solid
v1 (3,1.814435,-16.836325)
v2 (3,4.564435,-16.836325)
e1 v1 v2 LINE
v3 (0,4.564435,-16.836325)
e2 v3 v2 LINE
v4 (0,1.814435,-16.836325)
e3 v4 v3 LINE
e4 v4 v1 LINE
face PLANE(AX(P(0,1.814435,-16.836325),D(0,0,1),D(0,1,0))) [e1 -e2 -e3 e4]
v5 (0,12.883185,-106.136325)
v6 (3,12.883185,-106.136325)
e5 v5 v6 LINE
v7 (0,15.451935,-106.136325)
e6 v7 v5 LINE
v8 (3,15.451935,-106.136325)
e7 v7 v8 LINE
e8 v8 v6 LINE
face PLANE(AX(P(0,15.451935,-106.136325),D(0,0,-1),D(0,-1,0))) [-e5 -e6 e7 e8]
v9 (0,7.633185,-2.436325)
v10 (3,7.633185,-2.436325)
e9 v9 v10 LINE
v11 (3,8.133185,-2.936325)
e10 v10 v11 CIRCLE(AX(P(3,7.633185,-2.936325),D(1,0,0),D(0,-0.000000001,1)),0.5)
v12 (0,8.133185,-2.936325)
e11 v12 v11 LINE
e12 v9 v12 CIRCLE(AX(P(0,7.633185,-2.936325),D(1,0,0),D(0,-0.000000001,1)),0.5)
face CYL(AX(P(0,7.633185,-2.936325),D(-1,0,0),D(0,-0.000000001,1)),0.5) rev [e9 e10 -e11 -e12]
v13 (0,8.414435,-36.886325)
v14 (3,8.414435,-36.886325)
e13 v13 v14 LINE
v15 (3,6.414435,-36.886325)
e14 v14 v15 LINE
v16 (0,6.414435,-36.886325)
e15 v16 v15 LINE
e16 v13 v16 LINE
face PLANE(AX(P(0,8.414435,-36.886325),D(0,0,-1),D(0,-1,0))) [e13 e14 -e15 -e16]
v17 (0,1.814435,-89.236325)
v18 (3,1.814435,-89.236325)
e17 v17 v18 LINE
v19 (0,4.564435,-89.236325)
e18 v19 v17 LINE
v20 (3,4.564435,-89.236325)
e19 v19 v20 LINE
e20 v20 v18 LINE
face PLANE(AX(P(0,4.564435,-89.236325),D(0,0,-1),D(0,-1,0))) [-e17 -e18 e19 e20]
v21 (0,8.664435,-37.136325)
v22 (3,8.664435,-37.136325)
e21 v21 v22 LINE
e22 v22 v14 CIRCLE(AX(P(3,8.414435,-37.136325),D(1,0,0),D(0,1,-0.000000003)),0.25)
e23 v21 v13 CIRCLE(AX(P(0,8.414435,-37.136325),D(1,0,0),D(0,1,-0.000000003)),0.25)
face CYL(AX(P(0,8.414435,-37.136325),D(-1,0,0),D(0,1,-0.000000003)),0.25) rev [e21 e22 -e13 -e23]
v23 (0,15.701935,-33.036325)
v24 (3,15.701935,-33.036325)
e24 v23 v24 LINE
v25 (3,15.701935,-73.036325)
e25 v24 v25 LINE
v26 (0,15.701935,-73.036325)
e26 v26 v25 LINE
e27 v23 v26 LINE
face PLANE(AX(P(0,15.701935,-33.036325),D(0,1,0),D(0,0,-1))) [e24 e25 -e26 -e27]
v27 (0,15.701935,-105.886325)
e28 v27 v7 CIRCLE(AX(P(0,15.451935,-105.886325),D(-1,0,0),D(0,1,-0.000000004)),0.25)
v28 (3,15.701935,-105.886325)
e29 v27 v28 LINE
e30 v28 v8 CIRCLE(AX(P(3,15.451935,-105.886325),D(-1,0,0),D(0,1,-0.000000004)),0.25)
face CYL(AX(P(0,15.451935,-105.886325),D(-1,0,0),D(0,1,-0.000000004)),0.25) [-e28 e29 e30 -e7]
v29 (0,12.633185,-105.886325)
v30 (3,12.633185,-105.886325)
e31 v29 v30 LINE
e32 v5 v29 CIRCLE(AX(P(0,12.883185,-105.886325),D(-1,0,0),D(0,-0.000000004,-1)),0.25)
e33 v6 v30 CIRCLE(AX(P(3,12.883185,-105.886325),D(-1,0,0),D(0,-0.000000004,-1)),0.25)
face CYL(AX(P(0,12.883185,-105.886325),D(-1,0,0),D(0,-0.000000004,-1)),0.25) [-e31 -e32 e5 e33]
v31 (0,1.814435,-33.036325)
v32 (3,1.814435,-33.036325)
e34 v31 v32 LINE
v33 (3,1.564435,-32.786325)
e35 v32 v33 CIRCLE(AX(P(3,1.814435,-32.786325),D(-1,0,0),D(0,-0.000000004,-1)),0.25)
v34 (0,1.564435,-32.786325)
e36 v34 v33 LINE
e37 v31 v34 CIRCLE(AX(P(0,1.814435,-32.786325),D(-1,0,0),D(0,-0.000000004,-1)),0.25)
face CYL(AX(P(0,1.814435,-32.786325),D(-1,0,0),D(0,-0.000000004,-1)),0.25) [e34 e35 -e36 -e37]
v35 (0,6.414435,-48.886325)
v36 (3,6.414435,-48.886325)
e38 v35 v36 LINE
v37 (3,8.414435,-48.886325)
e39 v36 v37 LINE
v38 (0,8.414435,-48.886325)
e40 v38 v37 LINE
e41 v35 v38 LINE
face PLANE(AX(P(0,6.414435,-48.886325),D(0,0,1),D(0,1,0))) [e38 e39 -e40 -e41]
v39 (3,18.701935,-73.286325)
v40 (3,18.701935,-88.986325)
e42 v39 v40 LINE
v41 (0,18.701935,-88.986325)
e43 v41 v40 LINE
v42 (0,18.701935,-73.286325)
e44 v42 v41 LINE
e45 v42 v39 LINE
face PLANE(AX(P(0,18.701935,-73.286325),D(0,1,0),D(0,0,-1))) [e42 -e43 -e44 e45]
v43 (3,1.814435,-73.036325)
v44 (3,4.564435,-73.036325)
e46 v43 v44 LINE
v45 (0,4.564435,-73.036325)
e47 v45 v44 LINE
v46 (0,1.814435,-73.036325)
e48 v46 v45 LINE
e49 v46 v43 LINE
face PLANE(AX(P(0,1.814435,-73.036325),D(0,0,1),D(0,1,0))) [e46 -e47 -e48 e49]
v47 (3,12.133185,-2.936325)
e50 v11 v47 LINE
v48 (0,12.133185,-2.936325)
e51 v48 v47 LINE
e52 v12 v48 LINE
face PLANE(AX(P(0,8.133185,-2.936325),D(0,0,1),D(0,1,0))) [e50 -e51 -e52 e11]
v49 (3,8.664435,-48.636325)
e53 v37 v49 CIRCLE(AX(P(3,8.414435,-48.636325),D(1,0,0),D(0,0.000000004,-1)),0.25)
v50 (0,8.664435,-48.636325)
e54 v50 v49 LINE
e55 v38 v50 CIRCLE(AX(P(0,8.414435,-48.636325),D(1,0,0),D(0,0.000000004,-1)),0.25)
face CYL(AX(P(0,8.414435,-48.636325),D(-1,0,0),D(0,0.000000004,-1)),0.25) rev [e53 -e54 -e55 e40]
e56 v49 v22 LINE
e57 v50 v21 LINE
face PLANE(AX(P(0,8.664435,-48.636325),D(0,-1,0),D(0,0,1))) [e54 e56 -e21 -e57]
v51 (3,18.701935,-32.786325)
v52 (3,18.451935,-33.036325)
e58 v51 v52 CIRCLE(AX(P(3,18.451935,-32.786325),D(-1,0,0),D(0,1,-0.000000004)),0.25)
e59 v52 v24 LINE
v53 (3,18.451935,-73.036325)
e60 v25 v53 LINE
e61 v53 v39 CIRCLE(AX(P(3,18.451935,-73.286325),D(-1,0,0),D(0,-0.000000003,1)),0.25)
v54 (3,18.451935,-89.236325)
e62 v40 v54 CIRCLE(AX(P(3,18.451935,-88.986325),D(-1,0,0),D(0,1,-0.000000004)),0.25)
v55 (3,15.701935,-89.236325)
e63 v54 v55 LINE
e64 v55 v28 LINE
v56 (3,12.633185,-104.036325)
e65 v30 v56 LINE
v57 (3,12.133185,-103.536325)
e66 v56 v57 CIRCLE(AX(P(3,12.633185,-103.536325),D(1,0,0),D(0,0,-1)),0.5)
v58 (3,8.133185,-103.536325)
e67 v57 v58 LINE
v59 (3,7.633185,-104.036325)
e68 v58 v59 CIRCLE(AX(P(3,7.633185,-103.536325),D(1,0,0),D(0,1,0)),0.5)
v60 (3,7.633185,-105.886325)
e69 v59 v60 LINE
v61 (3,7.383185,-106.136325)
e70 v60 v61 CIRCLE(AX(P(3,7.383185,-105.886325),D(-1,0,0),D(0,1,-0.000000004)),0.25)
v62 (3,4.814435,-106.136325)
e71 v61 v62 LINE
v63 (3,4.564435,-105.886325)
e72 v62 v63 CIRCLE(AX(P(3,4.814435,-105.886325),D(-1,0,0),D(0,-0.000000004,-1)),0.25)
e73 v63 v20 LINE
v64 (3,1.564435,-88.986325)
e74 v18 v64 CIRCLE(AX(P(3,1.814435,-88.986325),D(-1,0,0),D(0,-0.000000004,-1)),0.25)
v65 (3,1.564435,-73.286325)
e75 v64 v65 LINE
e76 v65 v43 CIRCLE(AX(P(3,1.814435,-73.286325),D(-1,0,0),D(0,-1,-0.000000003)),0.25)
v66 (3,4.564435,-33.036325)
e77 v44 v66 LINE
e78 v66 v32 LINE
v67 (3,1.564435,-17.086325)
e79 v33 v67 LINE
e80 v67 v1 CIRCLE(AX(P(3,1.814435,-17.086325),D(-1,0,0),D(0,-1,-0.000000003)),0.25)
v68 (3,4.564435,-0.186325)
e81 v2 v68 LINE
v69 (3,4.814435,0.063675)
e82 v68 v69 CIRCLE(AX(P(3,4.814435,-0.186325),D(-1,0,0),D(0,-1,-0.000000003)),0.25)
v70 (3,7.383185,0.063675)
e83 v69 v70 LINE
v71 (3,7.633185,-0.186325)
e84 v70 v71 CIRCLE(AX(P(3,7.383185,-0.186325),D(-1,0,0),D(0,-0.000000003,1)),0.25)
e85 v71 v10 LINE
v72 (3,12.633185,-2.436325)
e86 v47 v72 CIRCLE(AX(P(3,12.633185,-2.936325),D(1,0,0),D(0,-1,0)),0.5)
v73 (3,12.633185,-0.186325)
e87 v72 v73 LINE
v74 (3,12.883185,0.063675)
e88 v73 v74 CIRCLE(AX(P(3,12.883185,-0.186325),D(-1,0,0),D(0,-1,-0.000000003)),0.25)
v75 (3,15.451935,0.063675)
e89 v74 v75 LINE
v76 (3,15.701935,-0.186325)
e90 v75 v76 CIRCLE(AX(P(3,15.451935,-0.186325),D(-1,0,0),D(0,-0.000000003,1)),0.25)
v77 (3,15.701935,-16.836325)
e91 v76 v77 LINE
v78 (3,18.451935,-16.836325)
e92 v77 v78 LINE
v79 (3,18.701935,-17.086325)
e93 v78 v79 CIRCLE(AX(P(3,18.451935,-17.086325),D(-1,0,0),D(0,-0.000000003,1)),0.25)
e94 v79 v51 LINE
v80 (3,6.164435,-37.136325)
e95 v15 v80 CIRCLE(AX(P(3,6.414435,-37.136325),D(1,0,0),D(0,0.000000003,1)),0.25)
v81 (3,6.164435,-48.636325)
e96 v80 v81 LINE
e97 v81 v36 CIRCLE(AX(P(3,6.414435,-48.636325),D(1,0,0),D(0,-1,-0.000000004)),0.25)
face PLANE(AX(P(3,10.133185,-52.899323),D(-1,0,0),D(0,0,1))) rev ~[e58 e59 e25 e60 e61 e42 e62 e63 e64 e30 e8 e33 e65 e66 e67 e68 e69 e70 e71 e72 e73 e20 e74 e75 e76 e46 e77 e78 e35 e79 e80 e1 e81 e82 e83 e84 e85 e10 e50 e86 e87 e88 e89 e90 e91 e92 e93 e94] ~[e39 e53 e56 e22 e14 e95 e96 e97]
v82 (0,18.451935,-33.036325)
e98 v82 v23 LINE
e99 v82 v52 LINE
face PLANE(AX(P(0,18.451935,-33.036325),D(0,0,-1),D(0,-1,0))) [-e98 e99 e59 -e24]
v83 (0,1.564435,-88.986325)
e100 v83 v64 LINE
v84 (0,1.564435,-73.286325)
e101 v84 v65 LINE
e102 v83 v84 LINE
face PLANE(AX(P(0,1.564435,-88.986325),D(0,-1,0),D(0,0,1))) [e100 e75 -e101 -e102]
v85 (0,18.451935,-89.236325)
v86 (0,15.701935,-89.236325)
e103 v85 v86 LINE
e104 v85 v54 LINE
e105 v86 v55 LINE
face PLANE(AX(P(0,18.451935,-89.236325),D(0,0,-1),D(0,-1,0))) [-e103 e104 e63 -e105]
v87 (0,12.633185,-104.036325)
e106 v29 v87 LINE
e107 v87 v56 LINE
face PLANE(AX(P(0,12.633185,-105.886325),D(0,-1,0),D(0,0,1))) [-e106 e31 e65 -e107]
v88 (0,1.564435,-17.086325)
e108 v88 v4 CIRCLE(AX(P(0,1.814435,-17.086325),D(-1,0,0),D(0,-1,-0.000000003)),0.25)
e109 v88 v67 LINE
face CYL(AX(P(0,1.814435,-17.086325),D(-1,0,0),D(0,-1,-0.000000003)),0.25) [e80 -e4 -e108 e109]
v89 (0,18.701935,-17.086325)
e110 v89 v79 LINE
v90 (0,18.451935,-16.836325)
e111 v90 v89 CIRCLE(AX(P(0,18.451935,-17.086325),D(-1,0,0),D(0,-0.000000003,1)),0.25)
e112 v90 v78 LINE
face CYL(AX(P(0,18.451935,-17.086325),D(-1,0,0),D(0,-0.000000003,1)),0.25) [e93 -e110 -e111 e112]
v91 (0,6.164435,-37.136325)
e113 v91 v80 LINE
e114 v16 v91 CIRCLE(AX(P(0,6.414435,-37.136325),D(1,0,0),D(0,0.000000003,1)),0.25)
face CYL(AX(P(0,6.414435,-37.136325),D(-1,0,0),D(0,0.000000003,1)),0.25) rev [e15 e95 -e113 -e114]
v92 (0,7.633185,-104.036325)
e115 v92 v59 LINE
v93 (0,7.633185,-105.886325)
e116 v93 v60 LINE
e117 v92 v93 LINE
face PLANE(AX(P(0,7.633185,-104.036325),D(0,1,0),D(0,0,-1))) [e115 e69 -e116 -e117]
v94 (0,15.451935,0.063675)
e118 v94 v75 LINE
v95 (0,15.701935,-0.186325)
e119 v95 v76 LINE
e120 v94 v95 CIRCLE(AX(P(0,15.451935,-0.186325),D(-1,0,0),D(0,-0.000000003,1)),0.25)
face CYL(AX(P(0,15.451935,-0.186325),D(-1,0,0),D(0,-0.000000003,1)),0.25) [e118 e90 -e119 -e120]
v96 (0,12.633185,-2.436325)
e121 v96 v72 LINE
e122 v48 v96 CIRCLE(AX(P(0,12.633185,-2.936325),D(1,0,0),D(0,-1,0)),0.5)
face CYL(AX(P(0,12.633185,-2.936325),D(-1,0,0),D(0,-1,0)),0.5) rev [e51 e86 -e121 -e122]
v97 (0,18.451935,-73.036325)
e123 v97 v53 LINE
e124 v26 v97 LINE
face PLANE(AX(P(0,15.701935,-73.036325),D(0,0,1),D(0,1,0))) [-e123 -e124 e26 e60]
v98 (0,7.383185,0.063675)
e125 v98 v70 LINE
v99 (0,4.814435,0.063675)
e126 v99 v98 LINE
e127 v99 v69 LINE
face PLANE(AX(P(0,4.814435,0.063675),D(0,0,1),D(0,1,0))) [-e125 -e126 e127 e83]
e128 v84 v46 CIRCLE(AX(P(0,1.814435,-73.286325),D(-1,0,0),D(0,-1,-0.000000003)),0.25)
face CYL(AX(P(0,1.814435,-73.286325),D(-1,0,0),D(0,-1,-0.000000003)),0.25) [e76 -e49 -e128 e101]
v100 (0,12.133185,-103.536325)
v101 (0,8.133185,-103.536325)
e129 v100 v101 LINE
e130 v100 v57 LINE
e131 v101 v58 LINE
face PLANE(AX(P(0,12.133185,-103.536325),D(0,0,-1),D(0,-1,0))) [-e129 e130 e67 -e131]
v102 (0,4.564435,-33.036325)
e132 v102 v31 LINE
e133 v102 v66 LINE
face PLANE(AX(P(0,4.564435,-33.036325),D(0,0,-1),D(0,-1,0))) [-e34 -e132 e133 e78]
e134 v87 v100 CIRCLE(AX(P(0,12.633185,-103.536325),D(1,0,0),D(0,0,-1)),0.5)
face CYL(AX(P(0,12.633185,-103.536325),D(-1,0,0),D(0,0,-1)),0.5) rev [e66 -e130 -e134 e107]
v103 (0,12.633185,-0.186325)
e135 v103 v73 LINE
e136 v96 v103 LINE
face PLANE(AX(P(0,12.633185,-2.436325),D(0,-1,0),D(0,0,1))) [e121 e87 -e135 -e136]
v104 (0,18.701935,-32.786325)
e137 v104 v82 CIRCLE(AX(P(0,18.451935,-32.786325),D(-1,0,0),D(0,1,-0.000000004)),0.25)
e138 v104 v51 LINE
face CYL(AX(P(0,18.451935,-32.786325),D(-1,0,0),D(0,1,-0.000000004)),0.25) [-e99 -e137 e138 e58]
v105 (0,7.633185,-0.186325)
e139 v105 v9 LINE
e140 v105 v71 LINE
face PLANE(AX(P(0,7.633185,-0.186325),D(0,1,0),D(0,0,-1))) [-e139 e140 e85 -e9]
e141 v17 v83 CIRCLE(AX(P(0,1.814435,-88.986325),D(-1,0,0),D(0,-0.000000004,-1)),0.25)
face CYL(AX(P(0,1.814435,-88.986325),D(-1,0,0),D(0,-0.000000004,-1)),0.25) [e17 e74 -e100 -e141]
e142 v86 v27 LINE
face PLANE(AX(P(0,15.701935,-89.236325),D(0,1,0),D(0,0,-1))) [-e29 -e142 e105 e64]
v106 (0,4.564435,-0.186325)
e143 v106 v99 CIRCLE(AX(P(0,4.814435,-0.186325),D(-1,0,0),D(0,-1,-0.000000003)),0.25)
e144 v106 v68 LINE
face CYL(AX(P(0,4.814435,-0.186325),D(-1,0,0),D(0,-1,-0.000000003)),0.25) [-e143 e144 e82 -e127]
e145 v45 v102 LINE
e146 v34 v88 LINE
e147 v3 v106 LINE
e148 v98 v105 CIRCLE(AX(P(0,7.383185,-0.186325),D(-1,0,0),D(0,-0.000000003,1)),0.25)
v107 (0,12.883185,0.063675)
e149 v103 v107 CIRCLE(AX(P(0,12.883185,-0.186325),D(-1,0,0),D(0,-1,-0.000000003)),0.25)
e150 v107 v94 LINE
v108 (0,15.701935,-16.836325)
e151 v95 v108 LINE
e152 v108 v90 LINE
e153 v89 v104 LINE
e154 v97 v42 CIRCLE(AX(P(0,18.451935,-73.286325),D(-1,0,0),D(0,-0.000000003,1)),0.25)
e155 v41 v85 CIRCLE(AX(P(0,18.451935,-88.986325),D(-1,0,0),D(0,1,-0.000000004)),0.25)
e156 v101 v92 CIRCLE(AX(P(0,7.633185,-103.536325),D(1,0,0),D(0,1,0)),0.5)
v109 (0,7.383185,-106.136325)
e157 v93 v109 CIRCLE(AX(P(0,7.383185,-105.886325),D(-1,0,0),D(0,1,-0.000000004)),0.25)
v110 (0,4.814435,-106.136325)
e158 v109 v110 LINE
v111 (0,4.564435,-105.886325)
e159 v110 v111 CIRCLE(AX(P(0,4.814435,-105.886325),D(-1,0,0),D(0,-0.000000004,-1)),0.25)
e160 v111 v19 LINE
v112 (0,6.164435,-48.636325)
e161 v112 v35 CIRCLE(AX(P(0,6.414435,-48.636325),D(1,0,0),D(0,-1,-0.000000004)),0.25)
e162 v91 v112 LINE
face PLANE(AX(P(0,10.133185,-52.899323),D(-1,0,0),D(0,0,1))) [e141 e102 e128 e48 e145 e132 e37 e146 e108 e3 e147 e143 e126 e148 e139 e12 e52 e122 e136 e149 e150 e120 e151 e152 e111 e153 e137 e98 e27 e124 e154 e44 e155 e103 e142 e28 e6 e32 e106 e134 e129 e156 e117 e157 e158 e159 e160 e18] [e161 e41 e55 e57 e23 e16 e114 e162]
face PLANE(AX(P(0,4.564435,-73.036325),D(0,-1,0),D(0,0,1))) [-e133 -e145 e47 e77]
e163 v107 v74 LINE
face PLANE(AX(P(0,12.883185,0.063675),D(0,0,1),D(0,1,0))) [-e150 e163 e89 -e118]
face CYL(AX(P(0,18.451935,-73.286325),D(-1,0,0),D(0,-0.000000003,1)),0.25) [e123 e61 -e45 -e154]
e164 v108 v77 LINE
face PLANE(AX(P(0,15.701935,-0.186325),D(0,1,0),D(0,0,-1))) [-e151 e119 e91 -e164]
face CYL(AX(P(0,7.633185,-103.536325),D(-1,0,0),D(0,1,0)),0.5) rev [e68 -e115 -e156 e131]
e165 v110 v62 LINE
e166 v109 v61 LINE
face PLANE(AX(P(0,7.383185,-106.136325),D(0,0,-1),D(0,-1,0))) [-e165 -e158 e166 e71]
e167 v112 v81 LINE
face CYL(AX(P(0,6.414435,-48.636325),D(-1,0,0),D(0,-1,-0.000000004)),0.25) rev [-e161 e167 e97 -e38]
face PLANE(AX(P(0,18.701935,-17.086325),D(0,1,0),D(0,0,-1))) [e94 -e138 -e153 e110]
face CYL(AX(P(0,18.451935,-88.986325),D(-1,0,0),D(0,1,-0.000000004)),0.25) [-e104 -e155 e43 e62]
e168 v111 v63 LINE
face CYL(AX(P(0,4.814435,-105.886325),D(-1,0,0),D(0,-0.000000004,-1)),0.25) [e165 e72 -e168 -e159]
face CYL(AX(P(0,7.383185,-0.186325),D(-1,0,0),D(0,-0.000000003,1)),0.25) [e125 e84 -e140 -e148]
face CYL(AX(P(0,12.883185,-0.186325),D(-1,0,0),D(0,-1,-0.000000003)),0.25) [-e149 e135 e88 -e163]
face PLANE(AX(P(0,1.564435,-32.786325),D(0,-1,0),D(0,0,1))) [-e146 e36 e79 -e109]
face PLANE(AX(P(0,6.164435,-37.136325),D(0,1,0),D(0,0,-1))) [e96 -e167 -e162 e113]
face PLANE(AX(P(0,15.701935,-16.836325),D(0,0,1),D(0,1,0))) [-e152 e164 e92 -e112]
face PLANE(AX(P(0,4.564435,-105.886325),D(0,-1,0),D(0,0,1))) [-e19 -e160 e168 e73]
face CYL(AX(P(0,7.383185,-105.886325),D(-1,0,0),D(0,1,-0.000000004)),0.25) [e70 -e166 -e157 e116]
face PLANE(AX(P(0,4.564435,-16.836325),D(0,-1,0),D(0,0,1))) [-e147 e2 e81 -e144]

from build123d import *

# Parameters (mm, degrees)
BOSS_EXTRUDE1_DEPTH = 3


with BuildPart() as part:
    # Sketch3 → Boss-Extrude1 (new body)
    with BuildSketch(Plane(origin=(0, 0, 0), x_dir=(0, 0, -1), z_dir=(1, 0, 0))):
        with BuildLine():
            Line((73.286325357, 18.701934502), (88.986325357, 18.701934502))
            ThreePointArc((88.986325357, 18.701934502), (89.163102052, 18.628711197), (89.236325357, 18.451934502))
            Line((89.236325357, 18.451934502), (89.236325357, 15.701934502))
            Line((89.236325357, 15.701934502), (105.886325357, 15.701934502))
            ThreePointArc((105.886325357, 15.701934502), (106.063102052, 15.628711197), (106.136325357, 15.451934502))
            Line((106.136325357, 15.451934502), (106.136325357, 12.883184502))
            ThreePointArc((106.136325357, 12.883184502), (106.063102052, 12.706407807), (105.886325357, 12.633184502))
            Line((105.886325357, 12.633184502), (104.036325357, 12.633184502))
            ThreePointArc((104.036325357, 12.633184502), (103.182771966, 12.986737893), (103.536325357, 12.133184502))
            Line((103.536325357, 12.133184502), (103.536325357, 8.133184502))
            ThreePointArc((103.536325357, 8.133184502), (103.182771966, 7.279631112), (104.036325357, 7.633184502))
            Line((104.036325357, 7.633184502), (105.886325357, 7.633184502))
            ThreePointArc((105.886325357, 7.633184502), (106.063102052, 7.559961197), (106.136325357, 7.383184502))
            Line((106.136325357, 7.383184502), (106.136325357, 4.814434502))
            ThreePointArc((106.136325357, 4.814434502), (106.063102052, 4.637657807), (105.886325357, 4.564434502))
            Line((105.886325357, 4.564434502), (89.236325357, 4.564434502))
            Line((89.236325357, 4.564434502), (89.236325357, 1.814434502))
            ThreePointArc((89.236325357, 1.814434502), (89.163102052, 1.637657807), (88.986325357, 1.564434502))
            Line((88.986325357, 1.564434502), (73.286325357, 1.564434502))
            ThreePointArc((73.286325357, 1.564434502), (73.109548661, 1.637657807), (73.036325357, 1.814434502))
            Line((73.036325357, 1.814434502), (73.036325357, 4.564434502))
            Line((73.036325357, 4.564434502), (33.036325357, 4.564434502))
            Line((33.036325357, 4.564434502), (33.036325357, 1.814434502))
            ThreePointArc((33.036325357, 1.814434502), (32.963102052, 1.637657807), (32.786325357, 1.564434502))
            Line((32.786325357, 1.564434502), (17.086325357, 1.564434502))
            ThreePointArc((17.086325357, 1.564434502), (16.909548661, 1.637657807), (16.836325357, 1.814434502))
            Line((16.836325357, 1.814434502), (16.836325357, 4.564434502))
            Line((16.836325357, 4.564434502), (0.186325357, 4.564434502))
            ThreePointArc((0.186325357, 4.564434502), (0.009548661, 4.637657807), (-0.063674643, 4.814434502))
            Line((-0.063674643, 4.814434502), (-0.063674643, 7.383184502))
            ThreePointArc((-0.063674643, 7.383184502), (0.009548661, 7.559961197), (0.186325357, 7.633184502))
            Line((0.186325357, 7.633184502), (2.436325357, 7.633184502))
            ThreePointArc((2.436325357, 7.633184502), (3.289878747, 7.279631112), (2.936325357, 8.133184502))
            Line((2.936325357, 8.133184502), (2.936325357, 12.133184502))
            ThreePointArc((2.936325357, 12.133184502), (3.289878747, 12.986737893), (2.436325357, 12.633184502))
            Line((2.436325357, 12.633184502), (0.186325357, 12.633184502))
            ThreePointArc((0.186325357, 12.633184502), (0.009548661, 12.706407807), (-0.063674643, 12.883184502))
            Line((-0.063674643, 12.883184502), (-0.063674643, 15.451934502))
            ThreePointArc((-0.063674643, 15.451934502), (0.009548661, 15.628711197), (0.186325357, 15.701934502))
            Line((0.186325357, 15.701934502), (16.836325357, 15.701934502))
            Line((16.836325357, 15.701934502), (16.836325357, 18.451934502))
            ThreePointArc((16.836325357, 18.451934502), (16.909548661, 18.628711197), (17.086325357, 18.701934502))
            Line((17.086325357, 18.701934502), (32.786325357, 18.701934502))
            ThreePointArc((32.786325357, 18.701934502), (32.963102052, 18.628711197), (33.036325357, 18.451934502))
            Line((33.036325357, 18.451934502), (33.036325357, 15.701934502))
            Line((33.036325357, 15.701934502), (73.036325357, 15.701934502))
            Line((73.036325357, 15.701934502), (73.036325357, 18.451934502))
            ThreePointArc((73.036325357, 18.451934502), (73.109548661, 18.628711197), (73.286325357, 18.701934502))
        make_face()
        with BuildLine():
            Line((37.136325357, 6.164434502), (48.636325357, 6.164434502))
            ThreePointArc((48.636325357, 6.164434502), (48.813102052, 6.237657807), (48.886325357, 6.414434502))
            Line((48.886325357, 6.414434502), (48.886325357, 8.414434502))
            ThreePointArc((48.886325357, 8.414434502), (48.813102052, 8.591211197), (48.636325357, 8.664434502))
            Line((48.636325357, 8.664434502), (37.136325357, 8.664434502))
            ThreePointArc((37.136325357, 8.664434502), (36.959548661, 8.591211197), (36.886325357, 8.414434502))
            Line((36.886325357, 8.414434502), (36.886325357, 6.414434502))
            ThreePointArc((36.886325357, 6.414434502), (36.959548661, 6.237657807), (37.136325357, 6.164434502))
        make_face(mode=Mode.SUBTRACT)
    extrude(amount=BOSS_EXTRUDE1_DEPTH)


solid = part.part
